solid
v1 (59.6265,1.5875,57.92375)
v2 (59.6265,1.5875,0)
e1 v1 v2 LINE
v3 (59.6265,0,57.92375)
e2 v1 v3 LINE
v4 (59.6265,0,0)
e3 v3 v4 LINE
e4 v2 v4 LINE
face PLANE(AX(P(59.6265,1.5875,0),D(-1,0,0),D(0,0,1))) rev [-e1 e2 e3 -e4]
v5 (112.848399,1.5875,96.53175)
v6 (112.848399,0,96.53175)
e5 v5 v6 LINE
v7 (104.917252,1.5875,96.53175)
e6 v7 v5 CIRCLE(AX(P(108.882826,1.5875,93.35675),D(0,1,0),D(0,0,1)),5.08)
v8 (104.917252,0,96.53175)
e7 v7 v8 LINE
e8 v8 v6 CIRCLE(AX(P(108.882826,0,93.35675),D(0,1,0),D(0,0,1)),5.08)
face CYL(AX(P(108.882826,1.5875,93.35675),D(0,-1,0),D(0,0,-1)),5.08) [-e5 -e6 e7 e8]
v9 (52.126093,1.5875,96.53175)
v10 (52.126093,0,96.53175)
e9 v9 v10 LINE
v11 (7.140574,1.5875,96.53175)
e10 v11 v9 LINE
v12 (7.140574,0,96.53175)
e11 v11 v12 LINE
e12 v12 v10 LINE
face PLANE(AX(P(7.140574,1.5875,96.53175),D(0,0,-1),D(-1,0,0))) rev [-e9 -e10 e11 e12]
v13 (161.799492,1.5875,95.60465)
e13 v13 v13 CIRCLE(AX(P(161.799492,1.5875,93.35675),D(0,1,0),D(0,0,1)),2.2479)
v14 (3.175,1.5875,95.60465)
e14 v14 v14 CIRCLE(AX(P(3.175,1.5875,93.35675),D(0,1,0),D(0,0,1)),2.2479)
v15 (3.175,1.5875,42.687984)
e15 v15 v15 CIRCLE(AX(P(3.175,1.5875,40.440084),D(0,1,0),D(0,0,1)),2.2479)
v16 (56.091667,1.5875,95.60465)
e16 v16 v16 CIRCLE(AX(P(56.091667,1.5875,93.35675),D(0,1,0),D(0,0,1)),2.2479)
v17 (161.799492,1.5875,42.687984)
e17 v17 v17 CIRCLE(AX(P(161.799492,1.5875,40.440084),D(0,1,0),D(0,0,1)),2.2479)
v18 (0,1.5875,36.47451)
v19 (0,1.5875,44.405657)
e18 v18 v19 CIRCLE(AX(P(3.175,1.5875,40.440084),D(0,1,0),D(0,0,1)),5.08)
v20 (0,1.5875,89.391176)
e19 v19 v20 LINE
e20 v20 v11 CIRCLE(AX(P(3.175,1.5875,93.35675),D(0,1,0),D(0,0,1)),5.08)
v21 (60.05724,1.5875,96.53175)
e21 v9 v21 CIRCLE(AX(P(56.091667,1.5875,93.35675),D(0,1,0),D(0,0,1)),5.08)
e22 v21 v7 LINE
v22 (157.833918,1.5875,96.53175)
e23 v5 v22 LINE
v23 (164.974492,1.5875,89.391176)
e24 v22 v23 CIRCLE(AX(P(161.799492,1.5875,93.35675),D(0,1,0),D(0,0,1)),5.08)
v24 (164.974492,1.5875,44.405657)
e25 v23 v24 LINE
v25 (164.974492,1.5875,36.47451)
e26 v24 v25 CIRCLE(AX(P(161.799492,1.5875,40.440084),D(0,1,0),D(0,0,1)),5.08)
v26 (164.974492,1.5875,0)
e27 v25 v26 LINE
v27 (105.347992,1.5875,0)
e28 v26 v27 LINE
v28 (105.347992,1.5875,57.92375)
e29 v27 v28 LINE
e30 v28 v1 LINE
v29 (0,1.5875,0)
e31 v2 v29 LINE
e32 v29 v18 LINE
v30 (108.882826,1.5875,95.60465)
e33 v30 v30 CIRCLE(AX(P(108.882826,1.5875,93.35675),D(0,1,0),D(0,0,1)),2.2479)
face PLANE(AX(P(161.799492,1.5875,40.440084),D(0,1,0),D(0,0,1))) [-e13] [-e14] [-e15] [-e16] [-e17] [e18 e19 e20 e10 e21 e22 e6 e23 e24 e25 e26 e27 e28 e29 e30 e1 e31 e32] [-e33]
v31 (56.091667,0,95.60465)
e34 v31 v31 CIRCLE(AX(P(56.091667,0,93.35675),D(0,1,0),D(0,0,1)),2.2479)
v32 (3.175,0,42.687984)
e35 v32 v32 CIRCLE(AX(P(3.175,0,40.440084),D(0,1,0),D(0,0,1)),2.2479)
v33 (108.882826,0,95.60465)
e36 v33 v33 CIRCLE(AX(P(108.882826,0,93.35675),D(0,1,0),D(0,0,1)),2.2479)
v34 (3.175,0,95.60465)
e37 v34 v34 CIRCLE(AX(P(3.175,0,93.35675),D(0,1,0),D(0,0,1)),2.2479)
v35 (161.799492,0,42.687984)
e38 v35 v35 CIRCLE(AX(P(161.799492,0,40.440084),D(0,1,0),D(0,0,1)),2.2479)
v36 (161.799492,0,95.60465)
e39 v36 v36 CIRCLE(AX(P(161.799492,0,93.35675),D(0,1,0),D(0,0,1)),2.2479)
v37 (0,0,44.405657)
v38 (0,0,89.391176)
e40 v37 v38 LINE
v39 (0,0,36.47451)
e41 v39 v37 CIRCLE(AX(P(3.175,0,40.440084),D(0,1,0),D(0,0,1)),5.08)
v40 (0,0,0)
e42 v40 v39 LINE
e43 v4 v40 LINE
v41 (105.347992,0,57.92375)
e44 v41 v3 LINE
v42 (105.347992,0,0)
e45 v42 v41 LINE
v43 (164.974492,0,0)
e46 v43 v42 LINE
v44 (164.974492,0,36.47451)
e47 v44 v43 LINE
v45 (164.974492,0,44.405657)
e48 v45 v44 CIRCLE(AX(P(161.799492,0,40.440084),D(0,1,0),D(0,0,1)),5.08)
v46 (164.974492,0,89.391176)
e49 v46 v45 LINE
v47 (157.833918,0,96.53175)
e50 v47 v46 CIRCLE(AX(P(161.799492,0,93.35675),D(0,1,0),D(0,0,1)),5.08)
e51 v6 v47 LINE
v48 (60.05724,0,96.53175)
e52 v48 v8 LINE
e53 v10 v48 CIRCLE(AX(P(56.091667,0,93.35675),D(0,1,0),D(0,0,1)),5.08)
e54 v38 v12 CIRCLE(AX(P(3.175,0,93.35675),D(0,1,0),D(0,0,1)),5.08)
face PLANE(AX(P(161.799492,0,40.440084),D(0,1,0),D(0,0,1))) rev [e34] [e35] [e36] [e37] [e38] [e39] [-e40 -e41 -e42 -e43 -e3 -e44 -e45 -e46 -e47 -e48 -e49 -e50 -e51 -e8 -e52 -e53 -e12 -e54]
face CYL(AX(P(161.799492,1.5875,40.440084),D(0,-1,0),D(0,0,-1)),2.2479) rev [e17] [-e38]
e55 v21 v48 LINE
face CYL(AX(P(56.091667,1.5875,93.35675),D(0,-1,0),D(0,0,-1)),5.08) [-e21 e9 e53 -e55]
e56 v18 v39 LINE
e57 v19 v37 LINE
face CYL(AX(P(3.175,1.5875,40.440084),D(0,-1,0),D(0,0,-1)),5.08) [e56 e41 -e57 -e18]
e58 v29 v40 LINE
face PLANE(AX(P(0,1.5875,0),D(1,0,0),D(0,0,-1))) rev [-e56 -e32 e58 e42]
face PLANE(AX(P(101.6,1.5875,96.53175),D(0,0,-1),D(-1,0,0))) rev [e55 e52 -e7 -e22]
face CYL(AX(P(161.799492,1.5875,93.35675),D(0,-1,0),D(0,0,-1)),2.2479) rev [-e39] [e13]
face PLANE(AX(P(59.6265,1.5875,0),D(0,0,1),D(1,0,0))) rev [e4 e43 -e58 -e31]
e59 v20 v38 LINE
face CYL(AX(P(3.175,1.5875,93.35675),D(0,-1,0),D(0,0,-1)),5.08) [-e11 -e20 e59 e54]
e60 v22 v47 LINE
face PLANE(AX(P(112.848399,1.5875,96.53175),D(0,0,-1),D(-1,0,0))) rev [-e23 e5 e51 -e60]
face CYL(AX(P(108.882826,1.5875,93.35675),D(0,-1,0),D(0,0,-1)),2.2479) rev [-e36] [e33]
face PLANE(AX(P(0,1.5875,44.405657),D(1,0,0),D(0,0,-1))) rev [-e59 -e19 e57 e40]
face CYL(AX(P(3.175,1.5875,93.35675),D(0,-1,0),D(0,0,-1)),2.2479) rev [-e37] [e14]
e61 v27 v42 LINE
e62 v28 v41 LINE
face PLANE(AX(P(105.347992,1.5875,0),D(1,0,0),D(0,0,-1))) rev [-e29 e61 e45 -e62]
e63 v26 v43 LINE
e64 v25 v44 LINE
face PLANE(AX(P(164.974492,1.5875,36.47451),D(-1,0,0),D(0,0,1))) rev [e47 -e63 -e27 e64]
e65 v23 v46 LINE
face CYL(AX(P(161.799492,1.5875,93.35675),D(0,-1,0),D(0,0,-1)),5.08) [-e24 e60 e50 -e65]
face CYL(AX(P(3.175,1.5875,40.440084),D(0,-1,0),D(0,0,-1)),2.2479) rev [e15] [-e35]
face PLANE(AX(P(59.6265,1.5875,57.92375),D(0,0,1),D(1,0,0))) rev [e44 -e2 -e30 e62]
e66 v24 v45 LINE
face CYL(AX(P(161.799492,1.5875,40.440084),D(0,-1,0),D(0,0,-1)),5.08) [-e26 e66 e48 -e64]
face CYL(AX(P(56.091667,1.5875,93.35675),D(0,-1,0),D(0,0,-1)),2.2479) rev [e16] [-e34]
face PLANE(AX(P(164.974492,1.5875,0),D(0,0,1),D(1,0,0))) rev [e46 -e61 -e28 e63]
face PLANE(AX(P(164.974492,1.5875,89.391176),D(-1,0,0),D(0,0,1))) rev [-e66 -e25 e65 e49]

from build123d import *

# Parameters (mm, degrees)
SKETCH1_R           = 2.2479
BOSS_EXTRUDE1_DEPTH = 1.5875


with BuildPart() as part:
    # Sketch1 → Boss-Extrude1 (new body)
    with BuildSketch(Plane(origin=(0, 0, 0), x_dir=(1, 0, 0), z_dir=(0, 1, 0))):
        with BuildLine():
            Line((59.6265, 0), (0, 0))
            Line((0, 0), (0, -36.474509804))
            ThreePointArc((0, -36.474509804), (-1.905, -40.440083533), (0, -44.405657262))
            Line((0, -44.405657262), (0, -89.391176471))
            ThreePointArc((0, -89.391176471), (-0.417102448, -96.948852648), (7.140573729, -96.5317502))
            Line((7.140573729, -96.5317502), (52.126092938, -96.5317502))
            ThreePointArc((52.126092938, -96.5317502), (56.091666667, -98.4367502), (60.057240396, -96.5317502))
            Line((60.057240396, -96.5317502), (63.5, -96.5317502))
            Line((63.5, -96.5317502), (69.85, -96.5317502))
            Line((69.85, -96.5317502), (95.25, -96.5317502))
            Line((95.25, -96.5317502), (101.6, -96.5317502))
            Line((101.6, -96.5317502), (104.917251774, -96.5317502))
            ThreePointArc((104.917251774, -96.5317502), (108.882825503, -98.4367502), (112.848399232, -96.5317502))
            Line((112.848399232, -96.5317502), (157.833918441, -96.5317502))
            ThreePointArc((157.833918441, -96.5317502), (165.391594618, -96.948852648), (164.97449217, -89.391176471))
            Line((164.97449217, -89.391176471), (164.97449217, -44.405657262))
            ThreePointArc((164.97449217, -44.405657262), (166.87949217, -40.440083533), (164.97449217, -36.474509804))
            Line((164.97449217, -36.474509804), (164.97449217, 0))
            Line((164.97449217, 0), (105.34799217, 0))
            Line((105.34799217, 0), (105.34799217, -57.9237502))
            Line((105.34799217, -57.9237502), (59.6265, -57.9237502))
            Line((59.6265, -57.9237502), (59.6265, 0))
        make_face()
        with Locations((3.175, -40.440083533)):
            Circle(SKETCH1_R, mode=Mode.SUBTRACT)
        with Locations((3.175, -93.3567502)):
            Circle(SKETCH1_R, mode=Mode.SUBTRACT)
        with Locations((56.091666667, -93.3567502)):
            Circle(SKETCH1_R, mode=Mode.SUBTRACT)
        with Locations((108.882825503, -93.3567502)):
            Circle(SKETCH1_R, mode=Mode.SUBTRACT)
        with Locations((161.79949217, -93.3567502)):
            Circle(SKETCH1_R, mode=Mode.SUBTRACT)
        with Locations((161.79949217, -40.440083533)):
            Circle(SKETCH1_R, mode=Mode.SUBTRACT)
    extrude(amount=BOSS_EXTRUDE1_DEPTH)


solid = part.part
